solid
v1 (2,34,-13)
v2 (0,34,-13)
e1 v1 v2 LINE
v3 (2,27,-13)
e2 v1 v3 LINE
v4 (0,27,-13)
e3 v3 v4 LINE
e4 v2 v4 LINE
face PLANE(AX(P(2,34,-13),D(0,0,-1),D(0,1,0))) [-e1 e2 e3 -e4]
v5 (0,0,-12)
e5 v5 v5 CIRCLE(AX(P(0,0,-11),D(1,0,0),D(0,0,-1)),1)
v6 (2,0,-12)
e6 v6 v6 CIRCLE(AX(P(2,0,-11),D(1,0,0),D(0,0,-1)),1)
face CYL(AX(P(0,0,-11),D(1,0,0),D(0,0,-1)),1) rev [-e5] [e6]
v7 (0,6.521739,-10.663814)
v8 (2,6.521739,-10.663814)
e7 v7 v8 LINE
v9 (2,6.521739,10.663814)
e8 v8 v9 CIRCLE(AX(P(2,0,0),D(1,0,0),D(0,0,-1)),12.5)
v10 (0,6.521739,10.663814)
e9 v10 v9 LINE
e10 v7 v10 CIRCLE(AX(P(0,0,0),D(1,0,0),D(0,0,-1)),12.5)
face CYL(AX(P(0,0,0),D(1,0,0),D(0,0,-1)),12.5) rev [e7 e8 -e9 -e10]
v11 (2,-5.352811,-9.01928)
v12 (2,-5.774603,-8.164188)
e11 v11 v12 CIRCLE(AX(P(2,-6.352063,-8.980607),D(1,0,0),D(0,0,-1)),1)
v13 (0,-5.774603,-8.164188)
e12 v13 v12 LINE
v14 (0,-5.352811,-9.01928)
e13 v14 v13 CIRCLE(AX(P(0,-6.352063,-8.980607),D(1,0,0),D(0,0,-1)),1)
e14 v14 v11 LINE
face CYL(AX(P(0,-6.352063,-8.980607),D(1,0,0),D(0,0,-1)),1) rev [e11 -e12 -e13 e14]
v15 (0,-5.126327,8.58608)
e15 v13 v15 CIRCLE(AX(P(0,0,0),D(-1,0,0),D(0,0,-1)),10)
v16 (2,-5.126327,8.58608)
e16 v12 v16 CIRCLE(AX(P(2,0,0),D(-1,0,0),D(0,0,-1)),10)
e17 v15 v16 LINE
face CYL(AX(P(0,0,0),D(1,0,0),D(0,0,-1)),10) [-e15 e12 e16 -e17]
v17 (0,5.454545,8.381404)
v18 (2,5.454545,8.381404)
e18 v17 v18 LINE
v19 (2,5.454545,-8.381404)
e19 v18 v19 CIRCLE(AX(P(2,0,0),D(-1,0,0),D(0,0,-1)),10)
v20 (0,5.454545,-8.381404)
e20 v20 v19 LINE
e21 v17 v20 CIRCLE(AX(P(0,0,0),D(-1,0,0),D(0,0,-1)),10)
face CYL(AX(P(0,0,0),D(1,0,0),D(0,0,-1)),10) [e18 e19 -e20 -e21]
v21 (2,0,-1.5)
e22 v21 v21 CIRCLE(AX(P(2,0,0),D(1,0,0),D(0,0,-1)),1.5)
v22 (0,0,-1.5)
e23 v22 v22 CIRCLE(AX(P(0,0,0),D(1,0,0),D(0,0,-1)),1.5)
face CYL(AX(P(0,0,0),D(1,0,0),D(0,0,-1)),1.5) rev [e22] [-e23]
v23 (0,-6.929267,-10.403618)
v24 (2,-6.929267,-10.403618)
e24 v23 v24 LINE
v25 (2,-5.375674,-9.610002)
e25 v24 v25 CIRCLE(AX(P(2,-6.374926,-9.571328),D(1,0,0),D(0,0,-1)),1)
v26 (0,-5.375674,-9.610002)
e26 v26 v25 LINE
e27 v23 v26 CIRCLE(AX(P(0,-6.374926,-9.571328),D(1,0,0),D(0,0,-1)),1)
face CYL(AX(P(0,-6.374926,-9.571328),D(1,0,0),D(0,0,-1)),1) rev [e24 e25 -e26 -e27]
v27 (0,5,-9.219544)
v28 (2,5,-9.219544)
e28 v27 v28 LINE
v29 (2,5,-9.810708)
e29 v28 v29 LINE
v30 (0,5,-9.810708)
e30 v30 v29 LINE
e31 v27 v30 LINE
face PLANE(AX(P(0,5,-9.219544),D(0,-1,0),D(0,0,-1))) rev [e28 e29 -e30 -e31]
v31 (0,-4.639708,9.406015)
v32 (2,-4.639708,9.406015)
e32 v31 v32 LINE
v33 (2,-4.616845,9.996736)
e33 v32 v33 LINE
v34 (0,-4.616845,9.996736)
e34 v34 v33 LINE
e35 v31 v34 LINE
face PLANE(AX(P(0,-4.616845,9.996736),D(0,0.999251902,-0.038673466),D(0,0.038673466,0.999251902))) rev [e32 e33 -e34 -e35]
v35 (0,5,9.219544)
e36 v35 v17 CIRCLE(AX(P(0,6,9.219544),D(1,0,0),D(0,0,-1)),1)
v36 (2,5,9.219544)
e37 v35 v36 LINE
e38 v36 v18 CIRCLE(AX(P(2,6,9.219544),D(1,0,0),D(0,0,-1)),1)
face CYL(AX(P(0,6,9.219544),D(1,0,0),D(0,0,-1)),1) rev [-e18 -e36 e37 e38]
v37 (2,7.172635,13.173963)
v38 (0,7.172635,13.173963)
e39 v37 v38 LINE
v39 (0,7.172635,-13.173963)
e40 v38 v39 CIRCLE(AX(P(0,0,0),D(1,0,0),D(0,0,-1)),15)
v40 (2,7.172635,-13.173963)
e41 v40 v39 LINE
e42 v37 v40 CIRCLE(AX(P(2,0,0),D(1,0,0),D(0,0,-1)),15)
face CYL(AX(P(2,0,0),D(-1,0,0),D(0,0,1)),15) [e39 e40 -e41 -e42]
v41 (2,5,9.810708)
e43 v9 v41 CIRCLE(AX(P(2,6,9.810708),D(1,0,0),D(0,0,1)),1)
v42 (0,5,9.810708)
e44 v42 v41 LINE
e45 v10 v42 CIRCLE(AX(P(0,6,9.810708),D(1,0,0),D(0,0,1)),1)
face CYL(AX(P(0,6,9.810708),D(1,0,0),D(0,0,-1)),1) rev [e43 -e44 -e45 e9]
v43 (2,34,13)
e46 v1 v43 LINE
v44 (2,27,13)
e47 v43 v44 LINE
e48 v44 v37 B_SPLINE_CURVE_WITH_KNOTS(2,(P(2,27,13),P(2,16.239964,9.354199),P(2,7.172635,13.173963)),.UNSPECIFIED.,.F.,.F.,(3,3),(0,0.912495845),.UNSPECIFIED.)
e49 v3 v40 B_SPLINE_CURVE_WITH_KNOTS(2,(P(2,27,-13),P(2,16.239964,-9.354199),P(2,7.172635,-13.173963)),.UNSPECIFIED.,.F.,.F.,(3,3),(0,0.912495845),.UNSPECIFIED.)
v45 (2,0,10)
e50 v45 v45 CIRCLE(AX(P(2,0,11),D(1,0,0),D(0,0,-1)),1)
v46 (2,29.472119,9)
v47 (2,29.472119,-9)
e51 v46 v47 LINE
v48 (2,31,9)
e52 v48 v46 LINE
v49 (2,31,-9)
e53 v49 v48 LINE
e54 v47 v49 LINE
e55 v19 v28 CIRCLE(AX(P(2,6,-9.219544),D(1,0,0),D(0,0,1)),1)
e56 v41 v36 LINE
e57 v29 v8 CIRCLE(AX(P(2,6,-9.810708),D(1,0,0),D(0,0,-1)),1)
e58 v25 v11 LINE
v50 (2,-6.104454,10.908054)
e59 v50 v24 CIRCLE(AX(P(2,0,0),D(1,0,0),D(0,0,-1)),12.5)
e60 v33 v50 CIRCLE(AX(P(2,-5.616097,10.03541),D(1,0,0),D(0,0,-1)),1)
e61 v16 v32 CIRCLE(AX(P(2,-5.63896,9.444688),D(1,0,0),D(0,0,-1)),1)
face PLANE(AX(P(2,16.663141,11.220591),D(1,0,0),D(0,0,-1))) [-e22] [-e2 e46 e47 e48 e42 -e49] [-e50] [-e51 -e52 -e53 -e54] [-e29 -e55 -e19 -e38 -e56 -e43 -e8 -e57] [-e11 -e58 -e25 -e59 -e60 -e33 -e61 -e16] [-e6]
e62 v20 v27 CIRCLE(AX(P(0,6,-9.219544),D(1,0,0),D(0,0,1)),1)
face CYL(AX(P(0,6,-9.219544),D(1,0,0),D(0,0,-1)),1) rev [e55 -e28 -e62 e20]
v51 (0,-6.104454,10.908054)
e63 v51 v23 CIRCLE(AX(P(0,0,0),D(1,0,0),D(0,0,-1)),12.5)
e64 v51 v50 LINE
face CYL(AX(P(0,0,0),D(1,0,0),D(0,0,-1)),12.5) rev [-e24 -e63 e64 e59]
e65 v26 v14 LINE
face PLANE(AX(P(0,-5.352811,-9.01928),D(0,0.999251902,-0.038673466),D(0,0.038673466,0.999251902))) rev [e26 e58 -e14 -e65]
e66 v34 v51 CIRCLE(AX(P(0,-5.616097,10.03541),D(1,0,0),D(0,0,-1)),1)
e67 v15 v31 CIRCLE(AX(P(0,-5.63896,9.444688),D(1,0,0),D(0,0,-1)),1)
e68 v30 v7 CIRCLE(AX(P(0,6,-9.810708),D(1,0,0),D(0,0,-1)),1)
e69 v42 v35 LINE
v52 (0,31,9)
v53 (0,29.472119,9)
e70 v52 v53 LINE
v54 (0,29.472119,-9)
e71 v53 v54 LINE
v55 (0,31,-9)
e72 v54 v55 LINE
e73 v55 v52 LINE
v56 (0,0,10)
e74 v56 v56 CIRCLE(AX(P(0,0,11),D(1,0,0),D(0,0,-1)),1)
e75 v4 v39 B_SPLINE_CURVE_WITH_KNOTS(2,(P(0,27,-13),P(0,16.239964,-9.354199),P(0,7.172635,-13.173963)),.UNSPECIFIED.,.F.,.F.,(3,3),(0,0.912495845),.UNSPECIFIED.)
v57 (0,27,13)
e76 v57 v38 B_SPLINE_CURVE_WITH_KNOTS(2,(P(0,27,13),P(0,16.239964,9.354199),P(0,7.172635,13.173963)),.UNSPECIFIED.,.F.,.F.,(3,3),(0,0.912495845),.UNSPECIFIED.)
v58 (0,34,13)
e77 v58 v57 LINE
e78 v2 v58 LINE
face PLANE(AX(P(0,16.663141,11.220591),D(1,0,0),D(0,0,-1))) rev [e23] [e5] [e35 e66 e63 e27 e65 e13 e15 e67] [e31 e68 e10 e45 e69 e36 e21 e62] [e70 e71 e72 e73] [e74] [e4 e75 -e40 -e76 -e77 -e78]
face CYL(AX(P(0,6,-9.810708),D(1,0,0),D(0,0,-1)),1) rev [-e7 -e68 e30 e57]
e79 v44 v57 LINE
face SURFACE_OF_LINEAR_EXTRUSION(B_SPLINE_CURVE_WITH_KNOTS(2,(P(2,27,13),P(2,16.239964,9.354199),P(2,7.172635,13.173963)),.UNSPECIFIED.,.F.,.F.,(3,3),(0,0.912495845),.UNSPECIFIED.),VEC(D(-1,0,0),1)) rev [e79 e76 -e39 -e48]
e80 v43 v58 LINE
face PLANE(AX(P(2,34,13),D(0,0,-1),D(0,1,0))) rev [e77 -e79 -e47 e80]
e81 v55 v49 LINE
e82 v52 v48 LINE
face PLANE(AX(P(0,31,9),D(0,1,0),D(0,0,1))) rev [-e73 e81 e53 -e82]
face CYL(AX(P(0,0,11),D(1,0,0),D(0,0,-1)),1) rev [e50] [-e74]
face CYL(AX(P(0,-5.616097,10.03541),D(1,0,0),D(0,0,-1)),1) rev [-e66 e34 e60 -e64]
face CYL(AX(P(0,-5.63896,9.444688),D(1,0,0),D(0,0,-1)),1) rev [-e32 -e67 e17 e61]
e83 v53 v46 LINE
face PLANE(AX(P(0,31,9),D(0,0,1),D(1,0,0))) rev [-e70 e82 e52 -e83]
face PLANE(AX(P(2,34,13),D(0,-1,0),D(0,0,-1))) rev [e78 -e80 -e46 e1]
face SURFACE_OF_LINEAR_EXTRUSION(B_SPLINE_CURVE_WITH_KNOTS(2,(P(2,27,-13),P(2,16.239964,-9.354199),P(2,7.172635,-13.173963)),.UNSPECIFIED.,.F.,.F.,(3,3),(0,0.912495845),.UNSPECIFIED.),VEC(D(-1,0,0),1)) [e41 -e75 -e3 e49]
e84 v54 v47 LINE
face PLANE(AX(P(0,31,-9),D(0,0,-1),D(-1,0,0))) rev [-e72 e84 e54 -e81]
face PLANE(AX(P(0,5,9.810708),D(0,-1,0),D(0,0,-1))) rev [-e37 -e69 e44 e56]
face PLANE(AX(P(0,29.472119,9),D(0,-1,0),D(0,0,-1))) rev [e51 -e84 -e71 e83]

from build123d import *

# Parameters (mm, degrees)
RESSALTO_EXTRUS_O1_DEPTH = 2
ESBO_O2_R                = 1.5
ESBO_O2_R_2              = 1
ESBO_O2_W                = 18
ESBO_O2_H                = 1.527880785
CORTE_EXTRUS_O1_DEPTH    = 3.0000001


with BuildPart() as part:
    # Esboço1 → Ressalto-extrusão1 (new body)
    with BuildSketch(Plane(origin=(0, 0, 0), x_dir=(0, 0, -1), z_dir=(1, 0, 0))):
        with BuildLine():
            Line((-13, 34), (0, 34))
            Line((0, 34), (0, -15))
            ThreePointArc((0, -15), (-12.895532653, -7.661934325), (-13.173963237, 7.172634986))
            add(Edge.make_bspline(
                [(-13, 27), (-9.354199414, 16.239964162), (-13.173963237, 7.172634986)],
                knots=[0, 0, 0, 0.912495845, 0.912495845, 0.912495845], degree=2))
            Line((-13, 27), (-13, 34))
        make_face()
    ressalto_extrus_o1 = extrude(amount=RESSALTO_EXTRUS_O1_DEPTH)

    # Espelhar1: Ressalto-extrusão1 across plane
    add(ressalto_extrus_o1.mirror(Plane(origin=(2, 34, 0), x_dir=(1, 0, 0), z_dir=(0, 0, 1))))

    # Esboço2 → Corte-extrusão1 (cut, through all)
    with BuildSketch(Plane(origin=(2, 0, 0), x_dir=(0, 0, -1), z_dir=(1, 0, 0))):
        Circle(ESBO_O2_R)
        with Locations((11, 0)):
            Circle(ESBO_O2_R_2)
        with Locations((-11, 0)):
            Circle(ESBO_O2_R_2)
        with Locations((0, 30.236059608)):
            Rectangle(ESBO_O2_W, ESBO_O2_H)
        with BuildLine():
            Line((-9.810708435, 5), (-9.219544457, 5))
            ThreePointArc((-9.219544457, 5), (-8.742813163, 5.120950927), (-8.381404052, 5.454545455))
            ThreePointArc((-8.381404052, 5.454545455), (0, 10), (8.381404052, 5.454545455))
            ThreePointArc((8.381404052, 5.454545455), (8.742813163, 5.120950927), (9.219544457, 5))
            Line((9.219544457, 5), (9.810708435, 5))
            ThreePointArc((9.810708435, 5), (10.682986811, 5.510990353), (10.663813516, 6.52173913))
            ThreePointArc((10.663813516, 6.52173913), (0, 12.5), (-10.663813516, 6.52173913))
            ThreePointArc((-10.663813516, 6.52173913), (-10.682986811, 5.510990353), (-9.810708435, 5))
        make_face()
        with BuildLine():
            Line((-9.996736389, -4.616845413), (-9.40601466, -4.639707772))
            ThreePointArc((-9.40601466, -4.639707772), (-8.934317599, -4.779005068), (-8.586080114, -5.126326976))
            ThreePointArc((-8.586080114, -5.126326976), (-0.386734657, -9.992519017), (8.164187762, -5.77460286))
            ThreePointArc((8.164187762, -5.77460286), (8.538227759, -5.455234837), (9.019280003, -5.352811245))
            Line((9.019280003, -5.352811245), (9.610001733, -5.375673604))
            ThreePointArc((9.610001733, -5.375673604), (10.461865791, -5.920015714), (10.403617681, -6.929266854))
            ThreePointArc((10.403617681, -6.929266854), (-0.483418321, -12.490648771), (-10.90805419, -6.104453603))
            ThreePointArc((-10.90805419, -6.104453603), (-10.888123983, -5.093719467), (-9.996736389, -4.616845413))
        make_face()
    extrude(amount=-CORTE_EXTRUS_O1_DEPTH, mode=Mode.SUBTRACT)


solid = part.part
